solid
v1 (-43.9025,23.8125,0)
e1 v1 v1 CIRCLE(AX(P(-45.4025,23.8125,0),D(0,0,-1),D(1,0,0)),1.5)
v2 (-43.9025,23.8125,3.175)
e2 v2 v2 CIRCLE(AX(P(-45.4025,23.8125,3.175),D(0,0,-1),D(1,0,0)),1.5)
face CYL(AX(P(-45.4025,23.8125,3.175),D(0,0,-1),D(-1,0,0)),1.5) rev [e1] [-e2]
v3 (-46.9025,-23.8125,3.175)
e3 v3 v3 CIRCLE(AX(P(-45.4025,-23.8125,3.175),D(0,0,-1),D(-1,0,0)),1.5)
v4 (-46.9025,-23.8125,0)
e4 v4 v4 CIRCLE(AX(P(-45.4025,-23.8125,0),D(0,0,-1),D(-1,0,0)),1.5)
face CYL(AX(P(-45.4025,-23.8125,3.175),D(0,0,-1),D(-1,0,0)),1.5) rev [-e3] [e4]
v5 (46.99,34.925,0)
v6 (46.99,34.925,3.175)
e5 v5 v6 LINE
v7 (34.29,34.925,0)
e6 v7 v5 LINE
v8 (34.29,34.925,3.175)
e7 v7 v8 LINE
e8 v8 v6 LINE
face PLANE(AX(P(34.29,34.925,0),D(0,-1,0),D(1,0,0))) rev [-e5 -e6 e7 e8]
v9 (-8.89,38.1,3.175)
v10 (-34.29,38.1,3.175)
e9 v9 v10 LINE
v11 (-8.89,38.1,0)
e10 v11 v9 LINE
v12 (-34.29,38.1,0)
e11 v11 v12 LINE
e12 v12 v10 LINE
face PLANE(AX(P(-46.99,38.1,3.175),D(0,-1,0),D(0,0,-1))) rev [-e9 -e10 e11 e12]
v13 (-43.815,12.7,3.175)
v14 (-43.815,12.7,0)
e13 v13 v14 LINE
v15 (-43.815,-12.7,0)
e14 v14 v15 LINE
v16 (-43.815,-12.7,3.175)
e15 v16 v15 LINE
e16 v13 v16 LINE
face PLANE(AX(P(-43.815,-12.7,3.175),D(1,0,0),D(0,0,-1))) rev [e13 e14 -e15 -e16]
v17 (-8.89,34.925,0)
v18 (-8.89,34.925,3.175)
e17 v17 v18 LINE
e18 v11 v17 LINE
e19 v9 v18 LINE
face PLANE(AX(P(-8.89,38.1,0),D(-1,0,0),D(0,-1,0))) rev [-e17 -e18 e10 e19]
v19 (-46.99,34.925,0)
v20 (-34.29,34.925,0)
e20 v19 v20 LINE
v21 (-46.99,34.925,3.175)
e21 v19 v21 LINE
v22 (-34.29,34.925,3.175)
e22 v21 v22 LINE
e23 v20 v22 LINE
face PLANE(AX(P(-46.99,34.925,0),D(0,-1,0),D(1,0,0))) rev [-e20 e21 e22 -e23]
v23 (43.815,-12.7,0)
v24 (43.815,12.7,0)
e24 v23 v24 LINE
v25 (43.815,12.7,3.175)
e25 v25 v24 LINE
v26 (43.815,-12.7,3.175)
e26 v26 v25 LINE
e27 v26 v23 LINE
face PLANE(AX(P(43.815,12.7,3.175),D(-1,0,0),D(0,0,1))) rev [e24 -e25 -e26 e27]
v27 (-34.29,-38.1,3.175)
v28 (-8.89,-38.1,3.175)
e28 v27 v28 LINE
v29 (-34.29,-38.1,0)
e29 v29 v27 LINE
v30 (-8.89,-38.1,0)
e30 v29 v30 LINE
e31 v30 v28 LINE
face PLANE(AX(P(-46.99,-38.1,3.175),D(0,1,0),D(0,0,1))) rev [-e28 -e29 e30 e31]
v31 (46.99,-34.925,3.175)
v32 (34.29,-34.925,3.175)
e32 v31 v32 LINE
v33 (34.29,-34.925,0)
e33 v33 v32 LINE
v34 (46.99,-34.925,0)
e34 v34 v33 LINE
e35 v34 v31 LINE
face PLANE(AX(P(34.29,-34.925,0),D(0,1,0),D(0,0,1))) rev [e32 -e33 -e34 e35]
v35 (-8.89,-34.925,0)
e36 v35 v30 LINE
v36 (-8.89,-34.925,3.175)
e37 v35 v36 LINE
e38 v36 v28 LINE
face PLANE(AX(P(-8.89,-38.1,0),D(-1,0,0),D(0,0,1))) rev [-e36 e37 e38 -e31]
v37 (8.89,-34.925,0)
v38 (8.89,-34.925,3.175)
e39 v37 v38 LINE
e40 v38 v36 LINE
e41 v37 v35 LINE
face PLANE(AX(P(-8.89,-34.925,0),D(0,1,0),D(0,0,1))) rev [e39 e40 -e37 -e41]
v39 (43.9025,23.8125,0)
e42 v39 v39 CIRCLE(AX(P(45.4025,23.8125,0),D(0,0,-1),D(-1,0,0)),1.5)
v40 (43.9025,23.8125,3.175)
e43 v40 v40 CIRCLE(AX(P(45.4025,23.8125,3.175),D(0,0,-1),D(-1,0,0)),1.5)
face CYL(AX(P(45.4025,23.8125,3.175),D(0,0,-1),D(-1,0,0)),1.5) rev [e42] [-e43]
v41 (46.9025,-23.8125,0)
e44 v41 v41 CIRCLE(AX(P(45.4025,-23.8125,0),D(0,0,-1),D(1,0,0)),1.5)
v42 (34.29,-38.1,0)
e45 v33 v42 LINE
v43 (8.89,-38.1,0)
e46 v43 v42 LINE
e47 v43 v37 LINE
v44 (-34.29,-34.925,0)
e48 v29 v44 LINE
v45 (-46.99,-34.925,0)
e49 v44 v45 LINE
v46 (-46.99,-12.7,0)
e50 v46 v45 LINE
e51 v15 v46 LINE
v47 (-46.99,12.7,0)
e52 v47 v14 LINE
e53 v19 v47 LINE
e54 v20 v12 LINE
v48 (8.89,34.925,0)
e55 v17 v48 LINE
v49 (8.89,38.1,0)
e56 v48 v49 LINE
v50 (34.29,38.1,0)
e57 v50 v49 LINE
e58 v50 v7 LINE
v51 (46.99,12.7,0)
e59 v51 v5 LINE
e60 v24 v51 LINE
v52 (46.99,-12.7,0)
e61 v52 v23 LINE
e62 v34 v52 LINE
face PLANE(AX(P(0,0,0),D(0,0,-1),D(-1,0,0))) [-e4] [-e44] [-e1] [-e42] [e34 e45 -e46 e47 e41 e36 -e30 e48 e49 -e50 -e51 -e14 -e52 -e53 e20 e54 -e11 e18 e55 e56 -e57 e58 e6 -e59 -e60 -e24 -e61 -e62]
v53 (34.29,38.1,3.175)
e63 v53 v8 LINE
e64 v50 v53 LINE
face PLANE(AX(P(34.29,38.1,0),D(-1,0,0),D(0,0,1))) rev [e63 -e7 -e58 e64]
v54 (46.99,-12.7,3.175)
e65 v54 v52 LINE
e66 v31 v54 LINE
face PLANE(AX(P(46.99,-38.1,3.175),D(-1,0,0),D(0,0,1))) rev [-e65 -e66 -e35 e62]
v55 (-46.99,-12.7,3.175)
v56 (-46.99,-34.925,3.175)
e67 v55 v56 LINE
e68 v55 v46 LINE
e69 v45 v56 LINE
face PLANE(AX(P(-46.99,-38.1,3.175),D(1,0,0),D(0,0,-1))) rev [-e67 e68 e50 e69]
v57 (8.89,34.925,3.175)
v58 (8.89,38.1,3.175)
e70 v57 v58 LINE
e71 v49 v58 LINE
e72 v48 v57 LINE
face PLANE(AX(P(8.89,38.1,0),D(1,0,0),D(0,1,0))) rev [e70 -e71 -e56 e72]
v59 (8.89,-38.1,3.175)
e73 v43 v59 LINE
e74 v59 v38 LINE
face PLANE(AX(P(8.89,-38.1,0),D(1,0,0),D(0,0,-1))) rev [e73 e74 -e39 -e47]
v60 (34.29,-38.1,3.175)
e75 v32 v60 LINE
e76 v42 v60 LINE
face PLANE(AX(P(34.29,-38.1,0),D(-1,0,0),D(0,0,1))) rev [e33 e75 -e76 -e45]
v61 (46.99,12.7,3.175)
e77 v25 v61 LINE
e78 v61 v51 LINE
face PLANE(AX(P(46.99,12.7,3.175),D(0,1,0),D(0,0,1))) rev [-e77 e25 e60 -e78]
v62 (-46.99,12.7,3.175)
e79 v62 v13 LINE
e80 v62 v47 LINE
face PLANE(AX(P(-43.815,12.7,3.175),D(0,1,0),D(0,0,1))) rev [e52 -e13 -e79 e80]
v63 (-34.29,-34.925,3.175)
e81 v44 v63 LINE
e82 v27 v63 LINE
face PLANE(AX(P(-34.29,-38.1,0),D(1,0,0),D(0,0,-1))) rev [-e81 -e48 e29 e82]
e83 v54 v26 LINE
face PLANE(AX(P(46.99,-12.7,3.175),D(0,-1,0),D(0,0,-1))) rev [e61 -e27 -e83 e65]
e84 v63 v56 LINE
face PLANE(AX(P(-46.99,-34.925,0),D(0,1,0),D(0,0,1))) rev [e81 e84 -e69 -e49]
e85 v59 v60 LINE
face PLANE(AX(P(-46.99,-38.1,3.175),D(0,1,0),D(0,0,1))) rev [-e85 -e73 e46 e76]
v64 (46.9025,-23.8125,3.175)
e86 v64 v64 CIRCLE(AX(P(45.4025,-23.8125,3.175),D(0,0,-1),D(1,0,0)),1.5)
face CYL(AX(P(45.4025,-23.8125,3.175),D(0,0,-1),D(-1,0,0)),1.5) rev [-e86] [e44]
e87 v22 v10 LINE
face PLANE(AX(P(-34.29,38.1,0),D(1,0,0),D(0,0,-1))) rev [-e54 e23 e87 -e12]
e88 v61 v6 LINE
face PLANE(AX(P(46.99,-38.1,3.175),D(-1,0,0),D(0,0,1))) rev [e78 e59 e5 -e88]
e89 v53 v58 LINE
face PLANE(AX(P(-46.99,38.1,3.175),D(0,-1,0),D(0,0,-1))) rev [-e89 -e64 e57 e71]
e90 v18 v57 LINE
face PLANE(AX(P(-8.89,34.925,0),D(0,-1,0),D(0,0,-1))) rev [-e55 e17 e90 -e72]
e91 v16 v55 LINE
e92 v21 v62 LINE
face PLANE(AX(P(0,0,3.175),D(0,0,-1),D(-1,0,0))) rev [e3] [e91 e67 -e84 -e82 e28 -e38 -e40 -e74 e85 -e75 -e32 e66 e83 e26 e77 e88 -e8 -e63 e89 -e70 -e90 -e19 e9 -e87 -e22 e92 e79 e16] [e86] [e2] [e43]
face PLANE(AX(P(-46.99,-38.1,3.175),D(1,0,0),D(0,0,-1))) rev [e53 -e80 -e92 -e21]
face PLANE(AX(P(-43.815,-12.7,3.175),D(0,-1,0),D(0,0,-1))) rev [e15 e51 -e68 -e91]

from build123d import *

# Parameters (mm, degrees)
SKETCH1_W           = 93.98
SKETCH1_H           = 76.2
BOSS_EXTRUDE1_DEPTH = 3.175
SKETCH2_W           = 12.7
SKETCH2_H           = 3.175
SKETCH2_W_2         = 17.78
CUT_EXTRUDE1_DEPTH  = 61.578467503
SKETCH3_W           = 3.175
SKETCH3_H           = 25.4
CUT_EXTRUDE2_DEPTH  = 61.578467503
SKETCH4_R           = 1.5
CUT_EXTRUDE3_DEPTH  = 61.578467503


with BuildPart() as part:
    # Sketch1 → Boss-Extrude1 (new body)
    with BuildSketch(Plane.XY):
        Rectangle(SKETCH1_W, SKETCH1_H)
    extrude(amount=BOSS_EXTRUDE1_DEPTH)

    # Sketch2 → Cut-Extrude1 (cut, through all)
    with BuildSketch(Plane.XY.offset(3.175)):
        with Locations((40.64, 36.5125)):
            Rectangle(SKETCH2_W, SKETCH2_H)
        with Locations((-40.64, -36.5125)):
            Rectangle(SKETCH2_W, SKETCH2_H)
        with Locations((0, -36.5125)):
            Rectangle(SKETCH2_W_2, SKETCH2_H)
        with Locations((40.64, -36.5125)):
            Rectangle(SKETCH2_W, SKETCH2_H)
        with Locations((0, 36.5125)):
            Rectangle(SKETCH2_W_2, SKETCH2_H)
        with Locations((-40.64, 36.5125)):
            Rectangle(SKETCH2_W, SKETCH2_H)
    extrude(amount=-CUT_EXTRUDE1_DEPTH, mode=Mode.SUBTRACT)

    # Sketch3 → Cut-Extrude2 (cut, through all)
    with BuildSketch(Plane(origin=(0, 0, 0), x_dir=(-1, 0, 0), z_dir=(0, 0, -1))):
        with Locations((-45.4025, 0)):
            Rectangle(SKETCH3_W, SKETCH3_H)
        with Locations((45.4025, 0)):
            Rectangle(SKETCH3_W, SKETCH3_H)
    extrude(amount=-CUT_EXTRUDE2_DEPTH, mode=Mode.SUBTRACT)

    # Sketch4 → Cut-Extrude3 (cut, through all)
    with BuildSketch(Plane(origin=(0, 0, 0), x_dir=(-1, 0, 0), z_dir=(0, 0, -1))):
        with Locations((-45.4025, 23.8125)):
            Circle(SKETCH4_R)
        with Locations(Location((-45.4025, -23.8125, 0), (0, 0, 180))):
            Circle(SKETCH4_R)
        with Locations((45.4025, -23.8125)):
            Circle(SKETCH4_R)
        with Locations(Location((45.4025, 23.8125, 0), (0, 0, 180))):
            Circle(SKETCH4_R)
    extrude(amount=-CUT_EXTRUDE3_DEPTH, mode=Mode.SUBTRACT)


solid = part.part
